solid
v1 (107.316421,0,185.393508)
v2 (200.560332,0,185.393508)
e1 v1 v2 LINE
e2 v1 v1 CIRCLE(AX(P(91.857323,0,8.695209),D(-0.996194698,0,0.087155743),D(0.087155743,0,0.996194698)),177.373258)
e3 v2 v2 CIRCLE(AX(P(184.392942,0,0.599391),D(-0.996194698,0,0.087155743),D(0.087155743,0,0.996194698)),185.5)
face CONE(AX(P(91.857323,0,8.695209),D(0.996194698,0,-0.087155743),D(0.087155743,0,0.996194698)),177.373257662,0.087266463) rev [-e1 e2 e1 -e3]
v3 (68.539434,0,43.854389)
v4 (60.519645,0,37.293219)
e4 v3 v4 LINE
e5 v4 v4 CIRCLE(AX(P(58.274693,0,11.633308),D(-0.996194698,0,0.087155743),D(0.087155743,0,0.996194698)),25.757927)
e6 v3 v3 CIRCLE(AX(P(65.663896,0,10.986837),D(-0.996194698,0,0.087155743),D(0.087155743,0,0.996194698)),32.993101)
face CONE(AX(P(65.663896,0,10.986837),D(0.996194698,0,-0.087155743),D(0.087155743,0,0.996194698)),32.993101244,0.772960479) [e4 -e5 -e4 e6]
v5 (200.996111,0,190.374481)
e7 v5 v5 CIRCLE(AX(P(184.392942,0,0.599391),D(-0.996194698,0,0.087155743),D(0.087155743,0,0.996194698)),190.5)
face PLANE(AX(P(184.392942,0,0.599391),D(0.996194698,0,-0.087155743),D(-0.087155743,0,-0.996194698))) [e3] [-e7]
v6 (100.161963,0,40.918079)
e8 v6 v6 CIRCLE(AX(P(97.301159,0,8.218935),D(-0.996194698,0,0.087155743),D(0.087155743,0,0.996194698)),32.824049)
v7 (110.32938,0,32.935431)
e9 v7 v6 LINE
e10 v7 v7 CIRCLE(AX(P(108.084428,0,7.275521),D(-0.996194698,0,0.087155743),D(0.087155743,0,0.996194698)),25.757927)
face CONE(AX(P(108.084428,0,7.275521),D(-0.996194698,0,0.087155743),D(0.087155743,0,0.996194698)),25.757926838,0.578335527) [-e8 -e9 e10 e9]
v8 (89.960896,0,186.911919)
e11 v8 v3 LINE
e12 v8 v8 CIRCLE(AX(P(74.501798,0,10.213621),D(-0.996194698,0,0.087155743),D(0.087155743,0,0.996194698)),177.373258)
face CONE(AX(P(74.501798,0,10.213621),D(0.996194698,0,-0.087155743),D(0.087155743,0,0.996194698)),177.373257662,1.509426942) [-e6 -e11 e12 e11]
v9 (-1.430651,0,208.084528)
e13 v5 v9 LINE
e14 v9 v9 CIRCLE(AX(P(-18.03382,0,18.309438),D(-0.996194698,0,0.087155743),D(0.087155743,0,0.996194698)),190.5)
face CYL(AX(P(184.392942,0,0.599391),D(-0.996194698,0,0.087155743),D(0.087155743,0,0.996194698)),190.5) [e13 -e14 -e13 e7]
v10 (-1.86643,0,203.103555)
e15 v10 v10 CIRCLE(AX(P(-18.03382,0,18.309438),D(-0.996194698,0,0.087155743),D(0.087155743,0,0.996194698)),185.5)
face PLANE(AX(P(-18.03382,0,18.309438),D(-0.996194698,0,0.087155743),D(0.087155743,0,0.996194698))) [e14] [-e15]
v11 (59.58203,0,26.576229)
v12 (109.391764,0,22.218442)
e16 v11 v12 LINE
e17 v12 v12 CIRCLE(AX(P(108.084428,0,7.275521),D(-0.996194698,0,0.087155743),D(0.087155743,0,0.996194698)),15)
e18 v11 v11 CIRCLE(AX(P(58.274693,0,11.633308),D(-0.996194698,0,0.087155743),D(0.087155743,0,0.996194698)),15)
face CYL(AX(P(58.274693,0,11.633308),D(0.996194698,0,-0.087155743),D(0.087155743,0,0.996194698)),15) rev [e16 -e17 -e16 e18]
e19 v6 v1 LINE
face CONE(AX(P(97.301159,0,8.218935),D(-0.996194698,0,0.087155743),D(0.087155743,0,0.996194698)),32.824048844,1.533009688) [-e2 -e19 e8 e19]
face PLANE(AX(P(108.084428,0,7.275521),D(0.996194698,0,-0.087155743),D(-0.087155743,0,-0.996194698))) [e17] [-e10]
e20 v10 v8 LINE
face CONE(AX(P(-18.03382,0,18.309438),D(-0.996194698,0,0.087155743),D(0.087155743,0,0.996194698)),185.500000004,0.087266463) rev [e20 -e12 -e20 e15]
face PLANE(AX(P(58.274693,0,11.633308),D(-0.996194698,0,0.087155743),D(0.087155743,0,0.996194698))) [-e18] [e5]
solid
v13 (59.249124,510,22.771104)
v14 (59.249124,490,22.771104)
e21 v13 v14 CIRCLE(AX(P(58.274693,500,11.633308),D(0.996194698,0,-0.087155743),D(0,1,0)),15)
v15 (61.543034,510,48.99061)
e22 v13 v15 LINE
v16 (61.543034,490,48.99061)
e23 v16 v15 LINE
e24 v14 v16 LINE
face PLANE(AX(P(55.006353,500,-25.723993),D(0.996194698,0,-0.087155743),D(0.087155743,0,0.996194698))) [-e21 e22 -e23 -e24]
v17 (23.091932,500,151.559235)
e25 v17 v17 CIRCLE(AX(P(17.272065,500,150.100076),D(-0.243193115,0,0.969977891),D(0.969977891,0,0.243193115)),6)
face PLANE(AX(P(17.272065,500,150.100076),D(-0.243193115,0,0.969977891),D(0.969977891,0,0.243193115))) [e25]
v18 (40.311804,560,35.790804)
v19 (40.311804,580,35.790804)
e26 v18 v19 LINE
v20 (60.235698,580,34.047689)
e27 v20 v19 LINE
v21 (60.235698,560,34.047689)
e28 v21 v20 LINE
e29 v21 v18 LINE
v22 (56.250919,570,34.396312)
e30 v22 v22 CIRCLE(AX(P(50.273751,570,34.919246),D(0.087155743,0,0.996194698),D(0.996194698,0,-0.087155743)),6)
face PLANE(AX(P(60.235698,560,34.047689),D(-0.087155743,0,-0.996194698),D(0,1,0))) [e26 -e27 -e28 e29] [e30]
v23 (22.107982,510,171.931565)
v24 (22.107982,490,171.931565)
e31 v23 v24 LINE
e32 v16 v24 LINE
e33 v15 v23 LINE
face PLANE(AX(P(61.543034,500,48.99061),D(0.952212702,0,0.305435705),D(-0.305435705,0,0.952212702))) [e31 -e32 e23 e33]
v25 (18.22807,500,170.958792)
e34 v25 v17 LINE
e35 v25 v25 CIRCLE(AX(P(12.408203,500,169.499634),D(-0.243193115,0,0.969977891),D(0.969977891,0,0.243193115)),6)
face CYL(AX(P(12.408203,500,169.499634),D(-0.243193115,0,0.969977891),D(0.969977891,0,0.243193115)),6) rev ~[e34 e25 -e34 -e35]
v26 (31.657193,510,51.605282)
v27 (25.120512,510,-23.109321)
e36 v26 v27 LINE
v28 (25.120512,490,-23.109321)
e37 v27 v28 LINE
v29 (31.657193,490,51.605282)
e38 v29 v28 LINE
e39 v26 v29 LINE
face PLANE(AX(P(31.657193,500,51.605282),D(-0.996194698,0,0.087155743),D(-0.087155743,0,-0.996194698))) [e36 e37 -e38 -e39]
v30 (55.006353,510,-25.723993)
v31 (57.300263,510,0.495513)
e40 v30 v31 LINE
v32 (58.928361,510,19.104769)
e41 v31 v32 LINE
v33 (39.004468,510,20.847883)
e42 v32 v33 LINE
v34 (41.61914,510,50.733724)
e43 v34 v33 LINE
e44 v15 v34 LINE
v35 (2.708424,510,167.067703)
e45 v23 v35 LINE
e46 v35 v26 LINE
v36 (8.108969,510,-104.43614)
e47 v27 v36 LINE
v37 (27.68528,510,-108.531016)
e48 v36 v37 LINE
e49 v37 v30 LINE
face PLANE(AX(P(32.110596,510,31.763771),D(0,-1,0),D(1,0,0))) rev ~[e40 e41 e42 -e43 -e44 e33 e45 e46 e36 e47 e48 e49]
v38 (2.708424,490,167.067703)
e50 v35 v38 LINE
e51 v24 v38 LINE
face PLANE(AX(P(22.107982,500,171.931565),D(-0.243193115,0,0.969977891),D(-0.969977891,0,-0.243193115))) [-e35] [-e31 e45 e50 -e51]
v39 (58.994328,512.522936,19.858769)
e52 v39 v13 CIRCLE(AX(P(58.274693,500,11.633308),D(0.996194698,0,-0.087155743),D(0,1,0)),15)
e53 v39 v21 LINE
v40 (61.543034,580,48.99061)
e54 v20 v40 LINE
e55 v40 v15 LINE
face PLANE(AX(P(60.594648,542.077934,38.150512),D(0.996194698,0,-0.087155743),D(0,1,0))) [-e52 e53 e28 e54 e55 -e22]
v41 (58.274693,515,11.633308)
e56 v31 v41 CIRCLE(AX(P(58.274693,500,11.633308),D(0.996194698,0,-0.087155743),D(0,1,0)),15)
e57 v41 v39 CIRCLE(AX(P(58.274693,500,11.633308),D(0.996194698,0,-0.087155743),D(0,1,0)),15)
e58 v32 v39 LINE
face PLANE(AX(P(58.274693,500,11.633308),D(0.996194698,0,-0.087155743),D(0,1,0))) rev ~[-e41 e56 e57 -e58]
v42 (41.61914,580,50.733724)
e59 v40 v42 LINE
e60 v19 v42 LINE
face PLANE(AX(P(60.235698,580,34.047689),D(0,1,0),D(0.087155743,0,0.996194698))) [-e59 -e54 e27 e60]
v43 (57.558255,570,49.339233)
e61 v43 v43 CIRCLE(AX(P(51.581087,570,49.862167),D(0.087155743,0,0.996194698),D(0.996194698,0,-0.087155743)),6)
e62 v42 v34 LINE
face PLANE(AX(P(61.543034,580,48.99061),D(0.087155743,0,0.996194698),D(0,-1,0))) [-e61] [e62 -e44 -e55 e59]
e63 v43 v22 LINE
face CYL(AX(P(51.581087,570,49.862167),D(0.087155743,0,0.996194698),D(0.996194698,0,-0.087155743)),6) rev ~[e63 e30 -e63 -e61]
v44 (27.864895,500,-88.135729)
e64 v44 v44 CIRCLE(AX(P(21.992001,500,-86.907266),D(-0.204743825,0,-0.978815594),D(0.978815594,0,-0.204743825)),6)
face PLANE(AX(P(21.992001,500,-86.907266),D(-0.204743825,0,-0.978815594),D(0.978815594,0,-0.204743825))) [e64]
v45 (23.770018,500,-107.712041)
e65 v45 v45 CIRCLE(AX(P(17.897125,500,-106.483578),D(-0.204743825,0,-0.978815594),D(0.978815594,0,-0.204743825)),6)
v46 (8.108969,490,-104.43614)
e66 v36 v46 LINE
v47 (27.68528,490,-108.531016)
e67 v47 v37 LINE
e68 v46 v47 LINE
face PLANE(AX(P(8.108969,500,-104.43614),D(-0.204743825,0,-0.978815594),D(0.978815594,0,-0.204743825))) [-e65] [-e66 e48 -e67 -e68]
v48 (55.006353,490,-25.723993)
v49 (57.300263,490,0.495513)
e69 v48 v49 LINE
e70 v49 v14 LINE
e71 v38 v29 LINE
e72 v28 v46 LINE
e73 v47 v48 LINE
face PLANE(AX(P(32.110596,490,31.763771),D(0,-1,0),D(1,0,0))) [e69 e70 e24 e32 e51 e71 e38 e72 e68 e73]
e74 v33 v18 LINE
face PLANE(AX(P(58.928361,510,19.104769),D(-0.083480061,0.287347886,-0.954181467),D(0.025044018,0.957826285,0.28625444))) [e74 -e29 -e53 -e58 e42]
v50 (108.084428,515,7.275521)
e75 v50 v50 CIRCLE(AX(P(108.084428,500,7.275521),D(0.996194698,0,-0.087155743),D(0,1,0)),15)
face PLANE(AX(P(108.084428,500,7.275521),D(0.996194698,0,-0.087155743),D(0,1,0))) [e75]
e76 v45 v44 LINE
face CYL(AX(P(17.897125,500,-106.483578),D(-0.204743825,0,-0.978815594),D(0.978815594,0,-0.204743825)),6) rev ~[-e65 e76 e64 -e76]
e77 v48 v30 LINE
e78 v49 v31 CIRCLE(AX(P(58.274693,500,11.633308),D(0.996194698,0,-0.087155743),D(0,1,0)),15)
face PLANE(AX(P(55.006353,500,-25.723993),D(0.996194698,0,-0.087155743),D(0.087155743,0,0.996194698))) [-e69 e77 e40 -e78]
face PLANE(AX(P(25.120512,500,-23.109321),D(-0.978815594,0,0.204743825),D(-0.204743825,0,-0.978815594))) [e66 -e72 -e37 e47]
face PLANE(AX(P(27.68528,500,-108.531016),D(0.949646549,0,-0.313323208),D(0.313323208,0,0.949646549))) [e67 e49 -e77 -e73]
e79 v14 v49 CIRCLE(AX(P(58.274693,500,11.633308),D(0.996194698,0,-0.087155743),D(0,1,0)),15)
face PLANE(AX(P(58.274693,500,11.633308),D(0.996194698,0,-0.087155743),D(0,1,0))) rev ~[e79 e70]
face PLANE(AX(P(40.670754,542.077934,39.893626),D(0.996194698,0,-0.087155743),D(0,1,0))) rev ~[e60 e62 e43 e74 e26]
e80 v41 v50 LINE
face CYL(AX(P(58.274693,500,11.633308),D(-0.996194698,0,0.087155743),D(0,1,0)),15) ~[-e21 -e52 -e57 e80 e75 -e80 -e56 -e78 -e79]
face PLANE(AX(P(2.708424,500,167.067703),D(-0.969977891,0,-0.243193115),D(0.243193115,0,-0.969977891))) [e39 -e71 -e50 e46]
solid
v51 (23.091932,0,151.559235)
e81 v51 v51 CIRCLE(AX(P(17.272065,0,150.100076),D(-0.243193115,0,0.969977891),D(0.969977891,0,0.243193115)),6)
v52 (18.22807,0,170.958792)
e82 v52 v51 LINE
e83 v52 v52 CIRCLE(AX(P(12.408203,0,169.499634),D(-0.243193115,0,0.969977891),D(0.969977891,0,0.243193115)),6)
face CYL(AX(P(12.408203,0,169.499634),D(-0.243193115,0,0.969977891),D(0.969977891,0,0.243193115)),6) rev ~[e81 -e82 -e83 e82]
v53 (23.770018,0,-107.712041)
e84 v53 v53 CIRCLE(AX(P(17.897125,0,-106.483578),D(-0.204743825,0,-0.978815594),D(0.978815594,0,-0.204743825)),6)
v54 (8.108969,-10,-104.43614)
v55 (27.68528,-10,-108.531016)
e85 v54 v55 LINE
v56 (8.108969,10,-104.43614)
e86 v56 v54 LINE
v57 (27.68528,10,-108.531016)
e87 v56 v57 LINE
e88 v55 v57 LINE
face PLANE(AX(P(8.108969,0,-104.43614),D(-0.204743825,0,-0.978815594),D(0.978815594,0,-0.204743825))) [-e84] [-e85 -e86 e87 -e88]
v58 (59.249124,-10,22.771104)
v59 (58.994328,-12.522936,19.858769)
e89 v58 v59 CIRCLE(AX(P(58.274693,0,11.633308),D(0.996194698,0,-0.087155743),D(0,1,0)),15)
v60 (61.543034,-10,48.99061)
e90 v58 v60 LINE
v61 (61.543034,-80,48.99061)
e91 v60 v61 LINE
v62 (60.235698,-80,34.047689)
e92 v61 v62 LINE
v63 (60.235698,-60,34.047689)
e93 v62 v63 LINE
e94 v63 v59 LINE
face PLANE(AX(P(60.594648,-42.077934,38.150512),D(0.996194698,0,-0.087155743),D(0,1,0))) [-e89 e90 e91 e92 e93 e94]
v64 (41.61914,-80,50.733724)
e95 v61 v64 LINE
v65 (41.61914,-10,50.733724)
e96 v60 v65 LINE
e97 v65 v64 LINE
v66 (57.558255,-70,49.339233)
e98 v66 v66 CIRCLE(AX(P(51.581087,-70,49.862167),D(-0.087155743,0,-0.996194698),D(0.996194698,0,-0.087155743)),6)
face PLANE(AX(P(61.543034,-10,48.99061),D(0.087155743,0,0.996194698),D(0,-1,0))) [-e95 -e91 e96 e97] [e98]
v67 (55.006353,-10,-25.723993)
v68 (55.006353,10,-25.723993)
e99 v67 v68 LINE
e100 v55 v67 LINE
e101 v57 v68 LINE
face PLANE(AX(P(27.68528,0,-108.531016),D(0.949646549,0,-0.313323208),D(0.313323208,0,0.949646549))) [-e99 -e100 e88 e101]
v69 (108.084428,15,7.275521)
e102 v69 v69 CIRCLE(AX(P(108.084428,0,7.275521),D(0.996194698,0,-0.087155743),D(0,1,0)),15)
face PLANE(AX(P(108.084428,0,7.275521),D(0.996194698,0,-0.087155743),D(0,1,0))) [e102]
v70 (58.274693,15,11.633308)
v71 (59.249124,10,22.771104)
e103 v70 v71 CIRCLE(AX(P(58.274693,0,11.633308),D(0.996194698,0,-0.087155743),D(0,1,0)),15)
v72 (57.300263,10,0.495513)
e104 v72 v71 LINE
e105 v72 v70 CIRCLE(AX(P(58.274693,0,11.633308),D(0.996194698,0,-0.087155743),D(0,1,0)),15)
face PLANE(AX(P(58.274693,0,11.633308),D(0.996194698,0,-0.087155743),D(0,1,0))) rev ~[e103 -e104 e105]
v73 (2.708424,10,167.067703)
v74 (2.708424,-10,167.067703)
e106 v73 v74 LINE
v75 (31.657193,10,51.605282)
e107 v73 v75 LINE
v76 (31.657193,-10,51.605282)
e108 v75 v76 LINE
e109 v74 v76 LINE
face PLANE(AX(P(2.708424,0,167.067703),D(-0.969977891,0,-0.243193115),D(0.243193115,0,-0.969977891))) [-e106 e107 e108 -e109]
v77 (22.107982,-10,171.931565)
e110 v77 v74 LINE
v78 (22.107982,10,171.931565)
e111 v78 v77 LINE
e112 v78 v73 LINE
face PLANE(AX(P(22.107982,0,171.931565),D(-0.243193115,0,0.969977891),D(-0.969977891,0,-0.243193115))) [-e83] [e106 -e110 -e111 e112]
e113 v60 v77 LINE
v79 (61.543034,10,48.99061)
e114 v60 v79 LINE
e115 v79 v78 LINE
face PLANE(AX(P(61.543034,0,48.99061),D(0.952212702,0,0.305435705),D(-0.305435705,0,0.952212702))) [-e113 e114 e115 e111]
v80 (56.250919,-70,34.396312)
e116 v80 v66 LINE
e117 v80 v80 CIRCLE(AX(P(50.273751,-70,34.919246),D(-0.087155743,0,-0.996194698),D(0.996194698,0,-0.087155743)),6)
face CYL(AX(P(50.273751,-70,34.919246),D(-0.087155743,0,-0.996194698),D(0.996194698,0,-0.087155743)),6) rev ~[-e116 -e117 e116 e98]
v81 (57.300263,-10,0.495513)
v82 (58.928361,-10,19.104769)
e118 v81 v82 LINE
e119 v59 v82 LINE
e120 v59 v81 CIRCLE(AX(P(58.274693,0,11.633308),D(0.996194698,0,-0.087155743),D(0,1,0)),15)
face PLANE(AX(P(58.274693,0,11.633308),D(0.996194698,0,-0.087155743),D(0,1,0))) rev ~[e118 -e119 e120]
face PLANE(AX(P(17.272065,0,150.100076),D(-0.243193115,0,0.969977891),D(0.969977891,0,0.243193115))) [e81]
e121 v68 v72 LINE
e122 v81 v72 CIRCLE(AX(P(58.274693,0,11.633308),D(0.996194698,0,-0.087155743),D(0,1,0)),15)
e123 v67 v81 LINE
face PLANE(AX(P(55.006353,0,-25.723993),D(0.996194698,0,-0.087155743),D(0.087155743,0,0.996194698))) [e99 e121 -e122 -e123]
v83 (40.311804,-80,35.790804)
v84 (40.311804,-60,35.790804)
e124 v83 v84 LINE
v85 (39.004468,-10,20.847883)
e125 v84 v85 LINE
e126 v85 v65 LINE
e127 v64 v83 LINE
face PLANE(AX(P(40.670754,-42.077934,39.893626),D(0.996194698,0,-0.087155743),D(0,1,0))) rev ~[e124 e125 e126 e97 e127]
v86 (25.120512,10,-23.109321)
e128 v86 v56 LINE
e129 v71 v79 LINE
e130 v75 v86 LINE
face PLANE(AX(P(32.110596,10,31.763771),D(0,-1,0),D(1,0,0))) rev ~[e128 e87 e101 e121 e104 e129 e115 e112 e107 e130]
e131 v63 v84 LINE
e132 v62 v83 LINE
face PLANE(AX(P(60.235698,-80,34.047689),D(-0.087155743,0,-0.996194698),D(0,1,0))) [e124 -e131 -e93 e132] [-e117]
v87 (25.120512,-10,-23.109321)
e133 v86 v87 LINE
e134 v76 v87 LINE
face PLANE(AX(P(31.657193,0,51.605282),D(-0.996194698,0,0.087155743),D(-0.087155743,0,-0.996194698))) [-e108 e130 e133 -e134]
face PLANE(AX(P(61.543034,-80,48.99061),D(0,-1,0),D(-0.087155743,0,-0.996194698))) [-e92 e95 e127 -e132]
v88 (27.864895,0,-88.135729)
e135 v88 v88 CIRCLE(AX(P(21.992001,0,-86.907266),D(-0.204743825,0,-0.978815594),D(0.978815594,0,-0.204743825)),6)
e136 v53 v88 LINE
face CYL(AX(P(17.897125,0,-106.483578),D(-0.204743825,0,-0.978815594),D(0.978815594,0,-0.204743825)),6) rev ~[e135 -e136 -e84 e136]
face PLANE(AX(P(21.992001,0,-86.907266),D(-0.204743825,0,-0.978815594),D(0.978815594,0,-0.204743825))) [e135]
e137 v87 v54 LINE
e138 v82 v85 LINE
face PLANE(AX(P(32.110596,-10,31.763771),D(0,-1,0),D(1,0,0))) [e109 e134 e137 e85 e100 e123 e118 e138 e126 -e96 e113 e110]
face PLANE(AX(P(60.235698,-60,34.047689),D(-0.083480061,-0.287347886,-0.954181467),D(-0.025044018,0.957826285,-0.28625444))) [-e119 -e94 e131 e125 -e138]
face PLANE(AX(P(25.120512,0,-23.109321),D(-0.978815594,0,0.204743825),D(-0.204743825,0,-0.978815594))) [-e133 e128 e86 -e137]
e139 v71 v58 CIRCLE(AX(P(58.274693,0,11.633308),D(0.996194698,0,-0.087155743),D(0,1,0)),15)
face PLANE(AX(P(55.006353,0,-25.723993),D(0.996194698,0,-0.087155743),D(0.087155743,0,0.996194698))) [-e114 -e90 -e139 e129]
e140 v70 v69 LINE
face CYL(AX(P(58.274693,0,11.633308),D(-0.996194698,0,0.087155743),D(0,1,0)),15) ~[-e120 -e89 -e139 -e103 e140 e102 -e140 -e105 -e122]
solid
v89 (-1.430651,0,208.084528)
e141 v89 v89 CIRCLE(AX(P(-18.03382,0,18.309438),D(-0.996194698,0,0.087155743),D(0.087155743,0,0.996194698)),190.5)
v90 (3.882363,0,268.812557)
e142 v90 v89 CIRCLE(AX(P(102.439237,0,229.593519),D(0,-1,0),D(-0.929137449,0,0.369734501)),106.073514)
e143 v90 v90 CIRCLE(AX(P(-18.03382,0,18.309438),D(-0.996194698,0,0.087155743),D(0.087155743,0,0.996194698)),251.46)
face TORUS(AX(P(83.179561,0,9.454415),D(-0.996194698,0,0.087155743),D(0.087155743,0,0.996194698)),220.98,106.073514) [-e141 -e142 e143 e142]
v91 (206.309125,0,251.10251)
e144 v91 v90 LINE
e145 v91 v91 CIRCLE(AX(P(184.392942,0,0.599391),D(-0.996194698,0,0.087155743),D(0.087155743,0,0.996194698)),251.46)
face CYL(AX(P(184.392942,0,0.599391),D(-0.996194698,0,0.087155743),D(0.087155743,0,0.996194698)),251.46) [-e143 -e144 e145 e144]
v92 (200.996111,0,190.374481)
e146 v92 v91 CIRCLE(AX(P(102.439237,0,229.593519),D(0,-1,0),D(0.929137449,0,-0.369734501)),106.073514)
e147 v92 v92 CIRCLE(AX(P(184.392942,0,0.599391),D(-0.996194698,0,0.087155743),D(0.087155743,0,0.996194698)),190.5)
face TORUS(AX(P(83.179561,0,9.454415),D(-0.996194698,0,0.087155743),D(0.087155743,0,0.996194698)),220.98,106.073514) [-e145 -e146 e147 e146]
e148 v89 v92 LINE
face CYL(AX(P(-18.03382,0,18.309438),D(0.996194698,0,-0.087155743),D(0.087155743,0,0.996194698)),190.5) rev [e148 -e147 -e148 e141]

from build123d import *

# Parameters (mm, degrees)
F1_DEPTH  = 10
F2_R      = 15
F3_DEPTH  = 50
F6_DEPTH  = 20
F7_R      = 6
F8_DEPTH  = 141.6444196144
F9_R      = 6
F10_DEPTH = 20
F11_R     = 6
F12_DEPTH = 20
F18_DEPTH = 20
F19_R     = 6
F20_DEPTH = 306.7957135
F21_R     = 6
F22_DEPTH = 20
F23_R     = 6
F24_DEPTH = 20


with BuildPart() as f1:
    # F0 (on Front) → F1 (new body, symmetric)
    with BuildSketch(Plane.XZ):
        Polygon((61.5430337565, 48.9906095336), (22.1079817602, 171.9315649371), (2.7084239419, 167.0677026389), (31.6571928137, 51.605281816), (25.1205121076, -23.1093205409), (8.1089686022, -104.4361399324), (27.6852804739, -108.5310164267), (55.0063530504, -25.7239928233), align=None)
    extrude(amount=F1_DEPTH, both=True)

    # F2 (on face) → F3 (join)
    with BuildSketch(Plane(origin=(56.8219802377, 0, -4.9712791099), x_dir=(0, 1, 0), z_dir=(0.9961946981, 0, -0.0871557427))):
        with Locations((0, 16.6680142916)):
            Circle(F2_R)
    extrude(amount=F3_DEPTH)


with BuildPart() as f4_1:
    # F4: copy of F1
    add(f1.part.moved(Location((0, 500, 0))))

    # F17 (on face) → F18 (join)
    with BuildSketch(Plane(origin=(56.8219802377, 0, -4.9712791099), x_dir=(0, 1, 0), z_dir=(0.9961946981, 0, -0.0871557427))):
        Polygon((580, 54.1680142916), (510, 54.1680142916), (510, 24.1680142916), (560, 39.1680142916), (580, 39.1680142916), align=None)
    extrude(amount=-F18_DEPTH)

    # F19 (on face) → F20 (cut, through all)
    with BuildSketch(Plane(origin=(4.7210535188, 0, 53.9618886435), x_dir=(0.9961946981, 0, -0.0871557427), z_dir=(0.0871557427, 0, 0.9961946981))):
        with Locations((47.0390309711, 570)):
            Circle(F19_R)
    extrude(amount=-F20_DEPTH, mode=Mode.SUBTRACT)

    # F21 (on face) → F22 (cut)
    with BuildSketch(Plane(origin=(-39.249741247, 0, 156.5479402982), x_dir=(0.9699778909, 0, 0.2431931149), z_dir=(-0.2431931149, 0, 0.9699778909))):
        with Locations((53.2568263483, 500)):
            Circle(F21_R)
    extrude(amount=-F22_DEPTH, mode=Mode.SUBTRACT)

    # F23 (on face) → F24 (cut)
    with BuildSketch(Plane(origin=(-20.5897476425, 0, -98.4330838237), x_dir=(0.9788155936, 0, -0.2047438247), z_dir=(-0.2047438247, 0, -0.9788155936))):
        with Locations((39.3198396438, -500)):
            Circle(F23_R)
    extrude(amount=-F24_DEPTH, mode=Mode.SUBTRACT)


with BuildPart() as f1_1:
    add(f1.part)

    # F5 (on face) → F6 (join)
    with BuildSketch(Plane(origin=(56.8219802377, 0, -4.9712791099), x_dir=(0, 1, 0), z_dir=(0.9961946981, 0, -0.0871557427))):
        Polygon((-10, 27.8483541791), (-10, 54.1680142916), (-80, 54.1680142916), (-80, 39.1680142916), (-60, 39.1680142916), (-10, 24.1680142916), align=None)
    extrude(amount=-F6_DEPTH)

    # F7 (on face) → F8 (cut, through all)
    with BuildSketch(Plane(origin=(3.4137173775, 0, 39.0189681721), x_dir=(0.9961946981, 0, -0.0871557427), z_dir=(-0.0871557427, 0, -0.9961946981))):
        with Locations((47.0390309711, 70)):
            Circle(F7_R)
    extrude(amount=-F8_DEPTH, mode=Mode.SUBTRACT)

    # F9 (on face) → F10 (cut)
    with BuildSketch(Plane(origin=(-39.249741247, 0, 156.5479402982), x_dir=(0.9699778909, 0, 0.2431931149), z_dir=(-0.2431931149, 0, 0.9699778909))):
        with Locations((53.2568263483, 0)):
            Circle(F9_R)
    extrude(amount=-F10_DEPTH, mode=Mode.SUBTRACT)

    # F11 (on face) → F12 (cut)
    with BuildSketch(Plane(origin=(-20.5897476425, 0, -98.4330838237), x_dir=(0.9788155936, 0, -0.2047438247), z_dir=(-0.2047438247, 0, -0.9788155936))):
        with Locations((39.3198396438, 0)):
            Circle(F11_R)
    extrude(amount=-F12_DEPTH, mode=Mode.SUBTRACT)


with BuildPart() as f14:
    # F13 (on Front) → F14 (revolve)
    with BuildSketch(Plane.XZ):
        Polygon((60.5196446488, 37.2932185069), (59.5820295446, 26.5762288265), (109.3917644492, 22.2184416891), (110.3293795534, 32.9354313695), (100.1619629103, 40.9180785076), (107.3164212677, 185.3935078193), (200.5603324615, 185.3935078193), (200.9961111753, 190.3744813098), (-1.430651477, 208.0845282361), (-1.8664301907, 203.1035547456), (89.9608964742, 186.9119194883), (68.5394343396, 43.8543894201), align=None)
    revolve(axis=Axis((58.2746934034, 0, 11.6333083551), (-0.9961946981, 0, 0.0871557427)))


with BuildPart() as f16:
    # F15 (on Front) → F16 (revolve)
    with BuildSketch(Plane.XZ):
        with BuildLine():
            Line((206.3091252532, 251.1025101054), (3.8823626009, 268.8125570317))
            ThreePointArc((3.8823626009, 268.8125570317), (-3.2306354967, 238.8384350806), (-1.430651477, 208.0845282361))
            Line((-1.430651477, 208.0845282361), (200.9961111753, 190.3744813098))
            ThreePointArc((200.9961111753, 190.3744813098), (208.1091092729, 220.3486032608), (206.3091252532, 251.1025101054))
        make_face()
    revolve(axis=Axis((184.3929421818, 0, 0.5993913233), (-0.9961946981, 0, 0.0871557427)))


solid = Compound([f4_1.part, f1_1.part, f14.part, f16.part])
